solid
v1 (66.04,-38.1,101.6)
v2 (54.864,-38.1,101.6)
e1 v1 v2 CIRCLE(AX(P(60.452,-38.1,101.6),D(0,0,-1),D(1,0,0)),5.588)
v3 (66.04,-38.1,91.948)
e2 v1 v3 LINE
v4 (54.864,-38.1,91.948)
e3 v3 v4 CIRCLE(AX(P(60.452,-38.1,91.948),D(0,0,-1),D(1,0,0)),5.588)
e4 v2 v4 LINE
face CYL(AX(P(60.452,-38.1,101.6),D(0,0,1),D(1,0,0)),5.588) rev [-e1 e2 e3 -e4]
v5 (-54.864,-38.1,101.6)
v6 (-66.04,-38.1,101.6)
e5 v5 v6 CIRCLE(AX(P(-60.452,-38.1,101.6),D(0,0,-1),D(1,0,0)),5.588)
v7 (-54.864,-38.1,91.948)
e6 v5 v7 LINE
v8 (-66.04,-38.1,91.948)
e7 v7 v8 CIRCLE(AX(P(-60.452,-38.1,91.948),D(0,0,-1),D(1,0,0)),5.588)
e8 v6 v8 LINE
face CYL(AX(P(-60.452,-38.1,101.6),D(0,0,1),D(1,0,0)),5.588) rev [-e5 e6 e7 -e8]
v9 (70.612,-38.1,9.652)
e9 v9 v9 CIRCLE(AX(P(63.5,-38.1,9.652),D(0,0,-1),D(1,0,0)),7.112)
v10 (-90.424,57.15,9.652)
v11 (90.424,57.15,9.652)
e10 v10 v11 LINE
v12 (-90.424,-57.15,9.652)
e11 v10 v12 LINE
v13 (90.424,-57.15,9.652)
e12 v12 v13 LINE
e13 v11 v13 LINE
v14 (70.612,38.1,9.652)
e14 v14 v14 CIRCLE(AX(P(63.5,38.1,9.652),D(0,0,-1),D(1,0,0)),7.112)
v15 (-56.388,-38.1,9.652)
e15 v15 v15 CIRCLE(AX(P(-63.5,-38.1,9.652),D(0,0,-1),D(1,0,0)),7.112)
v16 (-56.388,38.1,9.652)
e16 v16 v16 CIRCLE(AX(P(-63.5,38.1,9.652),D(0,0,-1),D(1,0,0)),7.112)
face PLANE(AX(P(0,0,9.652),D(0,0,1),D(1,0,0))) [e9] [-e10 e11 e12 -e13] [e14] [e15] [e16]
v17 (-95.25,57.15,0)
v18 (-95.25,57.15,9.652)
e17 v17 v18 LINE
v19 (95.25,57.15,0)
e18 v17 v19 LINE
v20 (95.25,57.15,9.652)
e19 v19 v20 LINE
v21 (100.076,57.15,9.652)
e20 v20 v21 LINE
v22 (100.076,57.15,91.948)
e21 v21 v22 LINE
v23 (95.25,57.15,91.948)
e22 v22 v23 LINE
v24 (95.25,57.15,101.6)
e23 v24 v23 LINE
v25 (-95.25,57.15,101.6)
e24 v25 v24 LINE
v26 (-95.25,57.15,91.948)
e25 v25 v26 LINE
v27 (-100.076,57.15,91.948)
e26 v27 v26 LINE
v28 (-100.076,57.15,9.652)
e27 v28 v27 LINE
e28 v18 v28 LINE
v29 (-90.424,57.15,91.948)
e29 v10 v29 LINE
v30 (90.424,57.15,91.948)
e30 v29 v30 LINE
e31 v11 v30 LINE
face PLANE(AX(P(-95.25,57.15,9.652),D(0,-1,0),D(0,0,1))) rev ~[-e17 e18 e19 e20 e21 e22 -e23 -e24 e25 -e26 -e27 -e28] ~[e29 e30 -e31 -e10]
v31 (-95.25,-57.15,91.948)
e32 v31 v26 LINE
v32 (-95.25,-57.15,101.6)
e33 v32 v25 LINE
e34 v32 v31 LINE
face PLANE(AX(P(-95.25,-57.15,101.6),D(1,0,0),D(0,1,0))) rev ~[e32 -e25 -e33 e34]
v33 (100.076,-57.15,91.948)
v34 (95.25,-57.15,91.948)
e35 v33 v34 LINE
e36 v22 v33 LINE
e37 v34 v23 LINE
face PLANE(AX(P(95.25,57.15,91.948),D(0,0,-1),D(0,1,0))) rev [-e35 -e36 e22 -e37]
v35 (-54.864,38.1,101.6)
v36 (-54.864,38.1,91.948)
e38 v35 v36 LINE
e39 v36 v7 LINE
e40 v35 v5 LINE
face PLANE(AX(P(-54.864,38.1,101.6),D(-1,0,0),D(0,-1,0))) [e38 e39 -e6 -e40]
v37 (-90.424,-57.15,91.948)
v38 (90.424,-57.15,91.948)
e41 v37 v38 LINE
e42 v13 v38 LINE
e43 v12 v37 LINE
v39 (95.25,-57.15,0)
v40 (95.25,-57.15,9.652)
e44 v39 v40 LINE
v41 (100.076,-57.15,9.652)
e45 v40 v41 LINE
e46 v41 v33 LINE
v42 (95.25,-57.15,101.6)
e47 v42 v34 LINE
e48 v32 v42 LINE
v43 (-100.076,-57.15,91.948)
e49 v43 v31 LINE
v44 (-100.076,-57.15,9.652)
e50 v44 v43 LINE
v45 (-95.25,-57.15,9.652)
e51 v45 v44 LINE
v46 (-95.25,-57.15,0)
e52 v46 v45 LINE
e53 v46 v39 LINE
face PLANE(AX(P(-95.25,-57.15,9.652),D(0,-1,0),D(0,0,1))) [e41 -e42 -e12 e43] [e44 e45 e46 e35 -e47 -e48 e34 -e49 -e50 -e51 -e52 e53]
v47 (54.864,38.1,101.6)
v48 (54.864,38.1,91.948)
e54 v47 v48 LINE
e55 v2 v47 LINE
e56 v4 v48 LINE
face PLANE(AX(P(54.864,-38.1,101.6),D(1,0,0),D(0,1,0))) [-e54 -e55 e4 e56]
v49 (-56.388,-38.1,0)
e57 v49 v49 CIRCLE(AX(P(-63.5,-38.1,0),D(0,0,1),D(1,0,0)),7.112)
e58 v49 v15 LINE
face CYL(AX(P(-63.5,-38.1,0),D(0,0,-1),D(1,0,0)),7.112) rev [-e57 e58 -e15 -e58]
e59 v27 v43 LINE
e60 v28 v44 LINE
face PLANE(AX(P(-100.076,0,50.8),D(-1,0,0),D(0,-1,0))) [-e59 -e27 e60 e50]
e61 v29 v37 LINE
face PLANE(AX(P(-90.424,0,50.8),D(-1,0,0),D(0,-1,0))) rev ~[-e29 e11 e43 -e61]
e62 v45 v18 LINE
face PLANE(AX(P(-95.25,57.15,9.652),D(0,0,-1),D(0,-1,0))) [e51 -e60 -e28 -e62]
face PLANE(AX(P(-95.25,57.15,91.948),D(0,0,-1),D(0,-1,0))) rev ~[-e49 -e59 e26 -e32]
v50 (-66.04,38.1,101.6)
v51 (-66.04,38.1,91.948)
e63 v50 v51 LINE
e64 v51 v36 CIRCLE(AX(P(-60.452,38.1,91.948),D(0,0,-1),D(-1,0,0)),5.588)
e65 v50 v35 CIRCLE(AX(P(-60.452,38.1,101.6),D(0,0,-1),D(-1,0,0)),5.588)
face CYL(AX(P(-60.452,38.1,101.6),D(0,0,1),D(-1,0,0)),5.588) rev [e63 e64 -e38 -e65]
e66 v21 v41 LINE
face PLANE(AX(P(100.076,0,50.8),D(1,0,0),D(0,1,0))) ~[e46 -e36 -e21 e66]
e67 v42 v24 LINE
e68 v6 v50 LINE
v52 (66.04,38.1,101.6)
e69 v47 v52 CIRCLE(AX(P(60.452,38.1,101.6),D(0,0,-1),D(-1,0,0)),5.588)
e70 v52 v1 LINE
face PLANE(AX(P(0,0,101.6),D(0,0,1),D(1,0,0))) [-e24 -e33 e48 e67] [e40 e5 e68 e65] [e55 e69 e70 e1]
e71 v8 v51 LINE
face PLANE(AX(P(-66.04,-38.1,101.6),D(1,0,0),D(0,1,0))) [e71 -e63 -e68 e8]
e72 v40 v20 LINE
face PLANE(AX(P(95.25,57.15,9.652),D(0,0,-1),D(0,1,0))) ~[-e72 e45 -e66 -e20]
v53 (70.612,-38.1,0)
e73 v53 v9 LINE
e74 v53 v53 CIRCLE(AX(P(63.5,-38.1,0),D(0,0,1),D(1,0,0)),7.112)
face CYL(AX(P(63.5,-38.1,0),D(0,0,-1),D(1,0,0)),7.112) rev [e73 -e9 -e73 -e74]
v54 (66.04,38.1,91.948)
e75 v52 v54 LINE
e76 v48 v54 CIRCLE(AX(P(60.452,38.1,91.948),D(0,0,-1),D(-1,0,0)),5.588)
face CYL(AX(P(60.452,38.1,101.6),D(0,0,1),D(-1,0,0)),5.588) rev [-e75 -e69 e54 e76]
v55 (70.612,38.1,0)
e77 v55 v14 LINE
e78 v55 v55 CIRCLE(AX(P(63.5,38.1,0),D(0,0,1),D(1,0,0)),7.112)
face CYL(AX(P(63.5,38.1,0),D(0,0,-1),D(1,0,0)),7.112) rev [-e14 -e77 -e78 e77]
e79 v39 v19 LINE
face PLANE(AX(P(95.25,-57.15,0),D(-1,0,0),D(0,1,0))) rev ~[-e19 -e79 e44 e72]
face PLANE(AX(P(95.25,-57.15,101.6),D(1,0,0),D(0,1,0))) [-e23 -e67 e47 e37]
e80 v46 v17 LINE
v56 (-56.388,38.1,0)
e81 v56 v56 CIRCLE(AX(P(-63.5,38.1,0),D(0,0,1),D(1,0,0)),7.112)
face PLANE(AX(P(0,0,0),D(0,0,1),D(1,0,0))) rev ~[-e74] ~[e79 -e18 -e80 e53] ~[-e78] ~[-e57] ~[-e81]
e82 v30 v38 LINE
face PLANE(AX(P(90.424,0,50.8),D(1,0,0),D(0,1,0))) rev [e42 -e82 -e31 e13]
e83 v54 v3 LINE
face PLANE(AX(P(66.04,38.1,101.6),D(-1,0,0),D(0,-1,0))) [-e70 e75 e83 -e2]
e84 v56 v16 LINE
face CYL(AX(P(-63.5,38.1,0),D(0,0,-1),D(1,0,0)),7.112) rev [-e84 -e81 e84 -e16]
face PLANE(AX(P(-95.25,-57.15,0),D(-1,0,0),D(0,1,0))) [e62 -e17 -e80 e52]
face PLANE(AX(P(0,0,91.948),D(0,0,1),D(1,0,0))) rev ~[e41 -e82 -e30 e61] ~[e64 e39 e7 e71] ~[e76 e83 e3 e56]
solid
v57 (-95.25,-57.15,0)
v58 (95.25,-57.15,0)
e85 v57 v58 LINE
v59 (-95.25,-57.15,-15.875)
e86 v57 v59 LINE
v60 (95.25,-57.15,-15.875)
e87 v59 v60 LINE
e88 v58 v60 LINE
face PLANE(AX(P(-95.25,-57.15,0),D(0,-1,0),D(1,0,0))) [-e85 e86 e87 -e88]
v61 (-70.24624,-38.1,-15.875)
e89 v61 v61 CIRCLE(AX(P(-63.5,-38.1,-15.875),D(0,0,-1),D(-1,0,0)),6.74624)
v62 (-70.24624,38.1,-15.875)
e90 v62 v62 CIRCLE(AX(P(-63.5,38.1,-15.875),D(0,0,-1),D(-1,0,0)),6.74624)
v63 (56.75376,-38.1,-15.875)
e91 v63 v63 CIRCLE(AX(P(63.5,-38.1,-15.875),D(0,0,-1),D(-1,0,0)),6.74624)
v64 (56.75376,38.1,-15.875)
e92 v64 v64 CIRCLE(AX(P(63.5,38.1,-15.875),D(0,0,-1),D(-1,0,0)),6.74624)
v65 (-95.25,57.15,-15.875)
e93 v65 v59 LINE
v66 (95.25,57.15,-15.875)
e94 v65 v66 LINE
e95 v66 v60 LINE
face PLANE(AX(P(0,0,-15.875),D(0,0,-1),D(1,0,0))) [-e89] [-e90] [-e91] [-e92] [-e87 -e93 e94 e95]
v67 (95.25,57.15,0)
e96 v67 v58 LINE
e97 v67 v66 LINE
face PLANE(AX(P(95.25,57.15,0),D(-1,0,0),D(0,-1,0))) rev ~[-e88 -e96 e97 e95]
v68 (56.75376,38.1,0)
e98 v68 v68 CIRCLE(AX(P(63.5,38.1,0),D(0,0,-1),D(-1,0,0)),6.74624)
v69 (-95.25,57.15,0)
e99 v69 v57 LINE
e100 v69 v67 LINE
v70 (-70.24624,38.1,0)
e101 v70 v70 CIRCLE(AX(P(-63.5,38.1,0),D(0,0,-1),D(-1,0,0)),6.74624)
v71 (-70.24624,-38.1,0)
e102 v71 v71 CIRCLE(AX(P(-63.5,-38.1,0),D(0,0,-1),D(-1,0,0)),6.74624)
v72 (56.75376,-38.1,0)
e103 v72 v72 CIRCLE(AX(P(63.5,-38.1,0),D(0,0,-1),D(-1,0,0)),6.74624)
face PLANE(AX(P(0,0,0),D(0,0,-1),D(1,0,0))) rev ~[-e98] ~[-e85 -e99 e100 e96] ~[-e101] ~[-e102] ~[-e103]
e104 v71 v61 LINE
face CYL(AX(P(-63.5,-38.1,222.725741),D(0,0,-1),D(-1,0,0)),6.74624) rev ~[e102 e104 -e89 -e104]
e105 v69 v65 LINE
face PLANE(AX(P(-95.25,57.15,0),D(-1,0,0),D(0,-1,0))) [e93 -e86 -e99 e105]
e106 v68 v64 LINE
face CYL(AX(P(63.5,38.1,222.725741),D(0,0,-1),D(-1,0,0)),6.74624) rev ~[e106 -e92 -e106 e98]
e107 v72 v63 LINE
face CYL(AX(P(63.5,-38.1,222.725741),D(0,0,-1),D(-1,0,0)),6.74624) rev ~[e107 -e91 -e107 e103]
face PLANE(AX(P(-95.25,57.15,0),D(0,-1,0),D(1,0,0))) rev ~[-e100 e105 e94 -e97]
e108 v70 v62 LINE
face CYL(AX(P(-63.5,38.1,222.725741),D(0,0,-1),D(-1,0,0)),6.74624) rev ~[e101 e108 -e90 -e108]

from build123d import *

# Parameters (mm, degrees)
F0_W     = 190.5
F0_H     = 114.3
F0_R     = 7.112
F1_DEPTH = 9.652
F3_W     = 190.5
F3_H     = 114.3
F4_DEPTH = 9.652
F5_W     = 114.3
F5_H     = 82.296
F6_DEPTH = 4.826
F8_W     = 190.5
F8_H     = 114.3
F9_DEPTH = 15.875
F10_D    = 13.49248


with BuildPart() as f1:
    # F0 (on Top) → F1 (new body)
    with BuildSketch(Plane.XY):
        Rectangle(F0_W, F0_H)
        with Locations((-63.5, -38.1)):
            Circle(F0_R, mode=Mode.SUBTRACT)
        with Locations((63.5, -38.1)):
            Circle(F0_R, mode=Mode.SUBTRACT)
        with Locations((-63.5, 38.1)):
            Circle(F0_R, mode=Mode.SUBTRACT)
        with Locations((63.5, 38.1)):
            Circle(F0_R, mode=Mode.SUBTRACT)
    extrude(amount=F1_DEPTH)



with BuildPart() as f4:
    # F3 (on offset) → F4 (new body)
    with BuildSketch(Plane.XY.offset(101.6)):
        Rectangle(F3_W, F3_H)
        with BuildLine():
            Line((-66.04, -38.1), (-66.04, 38.1))
            ThreePointArc((-66.04, 38.1), (-60.452, 43.688), (-54.864, 38.1))
            Line((-54.864, 38.1), (-54.864, -38.1))
            ThreePointArc((-54.864, -38.1), (-60.452, -43.688), (-66.04, -38.1))
        make_face(mode=Mode.SUBTRACT)
        with BuildLine():
            ThreePointArc((54.864, 38.1), (60.452, 43.688), (66.04, 38.1))
            Line((66.04, 38.1), (66.04, -38.1))
            ThreePointArc((66.04, -38.1), (60.452, -43.688), (54.864, -38.1))
            Line((54.864, -38.1), (54.864, 38.1))
        make_face(mode=Mode.SUBTRACT)
    extrude(amount=-F4_DEPTH)


with BuildPart() as f1_1:
    add(f1.part)

    add(f4.part)  # F6 merges F4
    # F5 (on face) → F6 (join, symmetric)
    with BuildSketch(Plane(origin=(-95.25, 0, 0), x_dir=(0, -1, 0), z_dir=(-1, 0, 0))):
        with Locations((0, 50.8)):
            Rectangle(F5_W, F5_H)
    extrude(amount=F6_DEPTH, both=True)

    # F7: F1 across plane


with BuildPart() as f1_2:
    add(f1_1.part)
    add(f1_1.part.mirror(Plane.YZ))


with BuildPart() as f9:
    # F8 (on face) → F9 (new body)
    with BuildSketch(Plane(origin=(0, 0, 0), x_dir=(1, 0, 0), z_dir=(0, 0, -1))):
        Rectangle(F8_W, F8_H)
    extrude(amount=F9_DEPTH)

    # F10 (through all)
    with Locations(Plane.XY):
        with Locations((-63.5, 38.1), (63.5, 38.1), (63.5, -38.1), (-63.5, -38.1)):
            Hole(F10_D / 2)


solid = Compound([f1_2.part, f9.part])
